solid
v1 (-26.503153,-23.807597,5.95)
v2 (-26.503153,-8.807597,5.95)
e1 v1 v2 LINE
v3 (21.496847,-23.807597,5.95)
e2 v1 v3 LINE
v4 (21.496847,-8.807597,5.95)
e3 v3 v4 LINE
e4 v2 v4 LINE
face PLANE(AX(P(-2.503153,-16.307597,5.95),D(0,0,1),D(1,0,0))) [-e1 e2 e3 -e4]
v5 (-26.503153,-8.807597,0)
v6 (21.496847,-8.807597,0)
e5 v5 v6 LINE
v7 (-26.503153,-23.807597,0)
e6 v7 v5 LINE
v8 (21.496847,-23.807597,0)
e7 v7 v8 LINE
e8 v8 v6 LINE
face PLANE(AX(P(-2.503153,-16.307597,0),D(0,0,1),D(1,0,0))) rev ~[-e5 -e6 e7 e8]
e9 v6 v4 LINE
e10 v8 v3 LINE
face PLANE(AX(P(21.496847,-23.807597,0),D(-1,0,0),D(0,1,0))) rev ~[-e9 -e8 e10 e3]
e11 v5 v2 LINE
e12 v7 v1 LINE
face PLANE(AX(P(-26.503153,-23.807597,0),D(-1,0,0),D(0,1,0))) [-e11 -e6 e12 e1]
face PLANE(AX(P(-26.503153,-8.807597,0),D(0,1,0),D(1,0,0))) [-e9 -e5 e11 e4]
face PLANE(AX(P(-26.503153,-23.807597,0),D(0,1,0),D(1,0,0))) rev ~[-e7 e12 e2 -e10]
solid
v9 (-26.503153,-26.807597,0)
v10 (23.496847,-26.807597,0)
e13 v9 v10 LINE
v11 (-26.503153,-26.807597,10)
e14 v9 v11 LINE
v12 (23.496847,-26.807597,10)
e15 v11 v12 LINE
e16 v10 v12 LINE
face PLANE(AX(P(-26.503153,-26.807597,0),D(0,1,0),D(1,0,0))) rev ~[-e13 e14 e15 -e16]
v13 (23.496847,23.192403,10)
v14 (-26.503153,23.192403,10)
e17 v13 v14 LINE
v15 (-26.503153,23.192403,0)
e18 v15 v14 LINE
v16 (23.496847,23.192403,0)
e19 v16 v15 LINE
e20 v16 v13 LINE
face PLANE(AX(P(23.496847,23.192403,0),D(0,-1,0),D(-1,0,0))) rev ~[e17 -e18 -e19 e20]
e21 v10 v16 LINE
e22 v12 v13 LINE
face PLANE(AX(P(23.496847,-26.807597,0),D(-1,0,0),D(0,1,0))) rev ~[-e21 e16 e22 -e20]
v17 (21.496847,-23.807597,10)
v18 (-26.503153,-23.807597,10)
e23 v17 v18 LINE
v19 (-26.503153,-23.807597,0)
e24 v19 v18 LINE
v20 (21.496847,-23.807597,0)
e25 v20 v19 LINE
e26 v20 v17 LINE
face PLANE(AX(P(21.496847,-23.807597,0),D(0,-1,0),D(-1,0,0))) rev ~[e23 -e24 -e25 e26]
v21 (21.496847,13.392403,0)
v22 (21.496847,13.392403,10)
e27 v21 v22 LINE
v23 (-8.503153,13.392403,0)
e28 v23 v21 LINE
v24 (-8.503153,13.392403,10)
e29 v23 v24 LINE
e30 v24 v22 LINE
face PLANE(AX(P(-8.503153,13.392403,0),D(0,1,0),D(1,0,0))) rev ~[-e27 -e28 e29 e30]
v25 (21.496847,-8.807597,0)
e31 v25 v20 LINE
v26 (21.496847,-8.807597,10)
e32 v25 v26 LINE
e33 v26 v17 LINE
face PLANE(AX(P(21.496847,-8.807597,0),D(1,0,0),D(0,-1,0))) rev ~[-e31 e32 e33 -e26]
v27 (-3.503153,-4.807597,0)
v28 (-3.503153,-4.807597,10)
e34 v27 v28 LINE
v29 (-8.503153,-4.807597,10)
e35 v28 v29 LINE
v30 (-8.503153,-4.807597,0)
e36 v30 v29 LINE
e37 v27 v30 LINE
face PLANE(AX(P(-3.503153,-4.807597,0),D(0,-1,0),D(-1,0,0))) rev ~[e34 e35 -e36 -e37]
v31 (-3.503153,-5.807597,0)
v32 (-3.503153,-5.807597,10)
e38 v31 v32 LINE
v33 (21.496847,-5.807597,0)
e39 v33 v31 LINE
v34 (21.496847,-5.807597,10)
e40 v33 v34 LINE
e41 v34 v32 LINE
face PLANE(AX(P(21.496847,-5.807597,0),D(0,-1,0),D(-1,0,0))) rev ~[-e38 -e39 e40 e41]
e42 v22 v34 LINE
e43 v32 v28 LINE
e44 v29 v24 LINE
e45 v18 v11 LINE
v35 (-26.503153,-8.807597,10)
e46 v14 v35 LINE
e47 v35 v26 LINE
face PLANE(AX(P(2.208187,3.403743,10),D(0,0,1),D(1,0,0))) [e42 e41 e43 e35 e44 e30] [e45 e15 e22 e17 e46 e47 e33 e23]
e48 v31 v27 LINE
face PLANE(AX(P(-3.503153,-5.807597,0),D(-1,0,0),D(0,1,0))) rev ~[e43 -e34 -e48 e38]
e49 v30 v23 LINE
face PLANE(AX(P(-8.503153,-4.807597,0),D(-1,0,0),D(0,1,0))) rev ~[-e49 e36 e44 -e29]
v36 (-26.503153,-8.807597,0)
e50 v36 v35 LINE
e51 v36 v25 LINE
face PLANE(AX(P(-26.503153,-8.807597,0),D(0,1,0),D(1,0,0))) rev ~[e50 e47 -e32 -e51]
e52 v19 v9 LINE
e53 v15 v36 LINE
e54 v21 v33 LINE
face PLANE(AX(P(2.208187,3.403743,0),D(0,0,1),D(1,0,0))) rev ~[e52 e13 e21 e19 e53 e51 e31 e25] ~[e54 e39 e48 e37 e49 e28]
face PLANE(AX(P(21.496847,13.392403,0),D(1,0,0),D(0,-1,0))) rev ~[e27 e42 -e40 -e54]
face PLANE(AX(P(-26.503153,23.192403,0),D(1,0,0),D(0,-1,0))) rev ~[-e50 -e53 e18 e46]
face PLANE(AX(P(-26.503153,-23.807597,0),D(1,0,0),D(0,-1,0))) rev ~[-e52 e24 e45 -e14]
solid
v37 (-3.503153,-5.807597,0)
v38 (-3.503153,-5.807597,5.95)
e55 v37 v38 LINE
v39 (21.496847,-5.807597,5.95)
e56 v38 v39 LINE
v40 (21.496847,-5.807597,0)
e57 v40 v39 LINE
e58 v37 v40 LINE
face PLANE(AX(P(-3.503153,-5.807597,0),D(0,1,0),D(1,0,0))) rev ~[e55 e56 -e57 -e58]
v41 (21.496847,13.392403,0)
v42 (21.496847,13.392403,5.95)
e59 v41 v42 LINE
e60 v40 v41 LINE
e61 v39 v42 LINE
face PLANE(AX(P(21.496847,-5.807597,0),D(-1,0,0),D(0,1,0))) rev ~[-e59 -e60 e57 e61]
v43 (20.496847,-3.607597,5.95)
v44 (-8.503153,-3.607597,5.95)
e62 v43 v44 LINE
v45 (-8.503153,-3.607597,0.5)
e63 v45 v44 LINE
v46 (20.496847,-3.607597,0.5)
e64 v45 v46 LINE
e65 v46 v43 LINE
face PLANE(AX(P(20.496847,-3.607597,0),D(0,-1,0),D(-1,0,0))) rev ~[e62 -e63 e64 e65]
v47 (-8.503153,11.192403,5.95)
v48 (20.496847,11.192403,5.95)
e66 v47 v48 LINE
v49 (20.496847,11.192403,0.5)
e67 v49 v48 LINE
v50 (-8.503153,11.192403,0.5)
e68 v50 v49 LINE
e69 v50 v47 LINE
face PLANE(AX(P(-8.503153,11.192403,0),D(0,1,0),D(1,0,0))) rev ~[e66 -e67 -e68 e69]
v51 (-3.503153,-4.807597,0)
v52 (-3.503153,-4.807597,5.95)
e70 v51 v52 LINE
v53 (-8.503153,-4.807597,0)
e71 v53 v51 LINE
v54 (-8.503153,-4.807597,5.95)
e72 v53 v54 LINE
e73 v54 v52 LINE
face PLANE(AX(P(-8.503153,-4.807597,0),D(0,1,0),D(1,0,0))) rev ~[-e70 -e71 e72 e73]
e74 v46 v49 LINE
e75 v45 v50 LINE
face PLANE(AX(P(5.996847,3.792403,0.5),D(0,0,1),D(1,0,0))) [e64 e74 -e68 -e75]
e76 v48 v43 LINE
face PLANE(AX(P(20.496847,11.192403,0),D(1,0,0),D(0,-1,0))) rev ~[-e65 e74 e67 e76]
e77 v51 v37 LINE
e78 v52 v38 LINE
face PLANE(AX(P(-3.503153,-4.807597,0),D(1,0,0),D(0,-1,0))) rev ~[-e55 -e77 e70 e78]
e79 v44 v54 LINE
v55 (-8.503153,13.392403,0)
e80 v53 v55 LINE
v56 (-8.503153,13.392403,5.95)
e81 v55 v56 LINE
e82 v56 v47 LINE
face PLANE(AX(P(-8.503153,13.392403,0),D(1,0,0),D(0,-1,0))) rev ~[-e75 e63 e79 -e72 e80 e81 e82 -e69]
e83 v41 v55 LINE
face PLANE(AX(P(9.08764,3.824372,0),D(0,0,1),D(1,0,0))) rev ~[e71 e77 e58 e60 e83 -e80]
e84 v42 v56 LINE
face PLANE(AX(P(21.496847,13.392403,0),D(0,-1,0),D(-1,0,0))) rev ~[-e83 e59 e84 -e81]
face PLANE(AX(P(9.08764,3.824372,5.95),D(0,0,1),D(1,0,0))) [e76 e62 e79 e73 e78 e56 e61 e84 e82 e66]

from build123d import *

# Parameters (mm, degrees)
F0_W     = 29
F0_H     = 14.8
F1_DEPTH = 0.5
F2_DEPTH = 5.95
F0_W_2   = 48
F0_H_2   = 15
F3_DEPTH = 5.95
F4_DEPTH = 10


with BuildPart() as f1:
    # F0 (on Top) → F1 (new body)
    with BuildSketch(Plane.XY):
        with Locations((5.996847, 3.792403)):
            Rectangle(F0_W, F0_H)
    extrude(amount=F1_DEPTH)

    # F0 (on Top) → F2 (join)
    with BuildSketch(Plane.XY):
        Polygon((-3.503153, -5.807597), (21.496847, -5.807597), (21.496847, 13.392403), (-3.503153, 13.392403), (-8.503153, 13.392403), (-8.503153, 11.192403), (20.496847, 11.192403), (20.496847, -3.607597), (-8.503153, -3.607597), (-8.503153, -4.807597), (-3.503153, -4.807597), align=None)
    extrude(amount=F2_DEPTH)


with BuildPart() as f3:
    # F0 (on Top) → F3 (new body)
    with BuildSketch(Plane.XY):
        with Locations((-2.503153, -16.307597)):
            Rectangle(F0_W_2, F0_H_2)
    extrude(amount=F3_DEPTH)


with BuildPart() as f4:
    # F0 (on Top) → F4 (new body)
    with BuildSketch(Plane.XY):
        Polygon((23.496847, 23.192403), (-26.503153, 23.192403), (-26.503153, -8.807597), (21.496847, -8.807597), (21.496847, -23.807597), (23.496847, -23.807597), align=None)
        Polygon((21.496847, 13.392403), (21.496847, -5.807597), (-3.503153, -5.807597), (-3.503153, -4.807597), (-8.503153, -4.807597), (-8.503153, -3.607597), (-8.503153, 11.192403), (-8.503153, 13.392403), (-3.503153, 13.392403), align=None, mode=Mode.SUBTRACT)
        Polygon((23.496847, -26.807597), (23.496847, -23.807597), (21.496847, -23.807597), (-26.503153, -23.807597), (-26.503153, -26.807597), align=None)
    extrude(amount=F4_DEPTH)


solid = Compound([f1.part, f3.part, f4.part])
